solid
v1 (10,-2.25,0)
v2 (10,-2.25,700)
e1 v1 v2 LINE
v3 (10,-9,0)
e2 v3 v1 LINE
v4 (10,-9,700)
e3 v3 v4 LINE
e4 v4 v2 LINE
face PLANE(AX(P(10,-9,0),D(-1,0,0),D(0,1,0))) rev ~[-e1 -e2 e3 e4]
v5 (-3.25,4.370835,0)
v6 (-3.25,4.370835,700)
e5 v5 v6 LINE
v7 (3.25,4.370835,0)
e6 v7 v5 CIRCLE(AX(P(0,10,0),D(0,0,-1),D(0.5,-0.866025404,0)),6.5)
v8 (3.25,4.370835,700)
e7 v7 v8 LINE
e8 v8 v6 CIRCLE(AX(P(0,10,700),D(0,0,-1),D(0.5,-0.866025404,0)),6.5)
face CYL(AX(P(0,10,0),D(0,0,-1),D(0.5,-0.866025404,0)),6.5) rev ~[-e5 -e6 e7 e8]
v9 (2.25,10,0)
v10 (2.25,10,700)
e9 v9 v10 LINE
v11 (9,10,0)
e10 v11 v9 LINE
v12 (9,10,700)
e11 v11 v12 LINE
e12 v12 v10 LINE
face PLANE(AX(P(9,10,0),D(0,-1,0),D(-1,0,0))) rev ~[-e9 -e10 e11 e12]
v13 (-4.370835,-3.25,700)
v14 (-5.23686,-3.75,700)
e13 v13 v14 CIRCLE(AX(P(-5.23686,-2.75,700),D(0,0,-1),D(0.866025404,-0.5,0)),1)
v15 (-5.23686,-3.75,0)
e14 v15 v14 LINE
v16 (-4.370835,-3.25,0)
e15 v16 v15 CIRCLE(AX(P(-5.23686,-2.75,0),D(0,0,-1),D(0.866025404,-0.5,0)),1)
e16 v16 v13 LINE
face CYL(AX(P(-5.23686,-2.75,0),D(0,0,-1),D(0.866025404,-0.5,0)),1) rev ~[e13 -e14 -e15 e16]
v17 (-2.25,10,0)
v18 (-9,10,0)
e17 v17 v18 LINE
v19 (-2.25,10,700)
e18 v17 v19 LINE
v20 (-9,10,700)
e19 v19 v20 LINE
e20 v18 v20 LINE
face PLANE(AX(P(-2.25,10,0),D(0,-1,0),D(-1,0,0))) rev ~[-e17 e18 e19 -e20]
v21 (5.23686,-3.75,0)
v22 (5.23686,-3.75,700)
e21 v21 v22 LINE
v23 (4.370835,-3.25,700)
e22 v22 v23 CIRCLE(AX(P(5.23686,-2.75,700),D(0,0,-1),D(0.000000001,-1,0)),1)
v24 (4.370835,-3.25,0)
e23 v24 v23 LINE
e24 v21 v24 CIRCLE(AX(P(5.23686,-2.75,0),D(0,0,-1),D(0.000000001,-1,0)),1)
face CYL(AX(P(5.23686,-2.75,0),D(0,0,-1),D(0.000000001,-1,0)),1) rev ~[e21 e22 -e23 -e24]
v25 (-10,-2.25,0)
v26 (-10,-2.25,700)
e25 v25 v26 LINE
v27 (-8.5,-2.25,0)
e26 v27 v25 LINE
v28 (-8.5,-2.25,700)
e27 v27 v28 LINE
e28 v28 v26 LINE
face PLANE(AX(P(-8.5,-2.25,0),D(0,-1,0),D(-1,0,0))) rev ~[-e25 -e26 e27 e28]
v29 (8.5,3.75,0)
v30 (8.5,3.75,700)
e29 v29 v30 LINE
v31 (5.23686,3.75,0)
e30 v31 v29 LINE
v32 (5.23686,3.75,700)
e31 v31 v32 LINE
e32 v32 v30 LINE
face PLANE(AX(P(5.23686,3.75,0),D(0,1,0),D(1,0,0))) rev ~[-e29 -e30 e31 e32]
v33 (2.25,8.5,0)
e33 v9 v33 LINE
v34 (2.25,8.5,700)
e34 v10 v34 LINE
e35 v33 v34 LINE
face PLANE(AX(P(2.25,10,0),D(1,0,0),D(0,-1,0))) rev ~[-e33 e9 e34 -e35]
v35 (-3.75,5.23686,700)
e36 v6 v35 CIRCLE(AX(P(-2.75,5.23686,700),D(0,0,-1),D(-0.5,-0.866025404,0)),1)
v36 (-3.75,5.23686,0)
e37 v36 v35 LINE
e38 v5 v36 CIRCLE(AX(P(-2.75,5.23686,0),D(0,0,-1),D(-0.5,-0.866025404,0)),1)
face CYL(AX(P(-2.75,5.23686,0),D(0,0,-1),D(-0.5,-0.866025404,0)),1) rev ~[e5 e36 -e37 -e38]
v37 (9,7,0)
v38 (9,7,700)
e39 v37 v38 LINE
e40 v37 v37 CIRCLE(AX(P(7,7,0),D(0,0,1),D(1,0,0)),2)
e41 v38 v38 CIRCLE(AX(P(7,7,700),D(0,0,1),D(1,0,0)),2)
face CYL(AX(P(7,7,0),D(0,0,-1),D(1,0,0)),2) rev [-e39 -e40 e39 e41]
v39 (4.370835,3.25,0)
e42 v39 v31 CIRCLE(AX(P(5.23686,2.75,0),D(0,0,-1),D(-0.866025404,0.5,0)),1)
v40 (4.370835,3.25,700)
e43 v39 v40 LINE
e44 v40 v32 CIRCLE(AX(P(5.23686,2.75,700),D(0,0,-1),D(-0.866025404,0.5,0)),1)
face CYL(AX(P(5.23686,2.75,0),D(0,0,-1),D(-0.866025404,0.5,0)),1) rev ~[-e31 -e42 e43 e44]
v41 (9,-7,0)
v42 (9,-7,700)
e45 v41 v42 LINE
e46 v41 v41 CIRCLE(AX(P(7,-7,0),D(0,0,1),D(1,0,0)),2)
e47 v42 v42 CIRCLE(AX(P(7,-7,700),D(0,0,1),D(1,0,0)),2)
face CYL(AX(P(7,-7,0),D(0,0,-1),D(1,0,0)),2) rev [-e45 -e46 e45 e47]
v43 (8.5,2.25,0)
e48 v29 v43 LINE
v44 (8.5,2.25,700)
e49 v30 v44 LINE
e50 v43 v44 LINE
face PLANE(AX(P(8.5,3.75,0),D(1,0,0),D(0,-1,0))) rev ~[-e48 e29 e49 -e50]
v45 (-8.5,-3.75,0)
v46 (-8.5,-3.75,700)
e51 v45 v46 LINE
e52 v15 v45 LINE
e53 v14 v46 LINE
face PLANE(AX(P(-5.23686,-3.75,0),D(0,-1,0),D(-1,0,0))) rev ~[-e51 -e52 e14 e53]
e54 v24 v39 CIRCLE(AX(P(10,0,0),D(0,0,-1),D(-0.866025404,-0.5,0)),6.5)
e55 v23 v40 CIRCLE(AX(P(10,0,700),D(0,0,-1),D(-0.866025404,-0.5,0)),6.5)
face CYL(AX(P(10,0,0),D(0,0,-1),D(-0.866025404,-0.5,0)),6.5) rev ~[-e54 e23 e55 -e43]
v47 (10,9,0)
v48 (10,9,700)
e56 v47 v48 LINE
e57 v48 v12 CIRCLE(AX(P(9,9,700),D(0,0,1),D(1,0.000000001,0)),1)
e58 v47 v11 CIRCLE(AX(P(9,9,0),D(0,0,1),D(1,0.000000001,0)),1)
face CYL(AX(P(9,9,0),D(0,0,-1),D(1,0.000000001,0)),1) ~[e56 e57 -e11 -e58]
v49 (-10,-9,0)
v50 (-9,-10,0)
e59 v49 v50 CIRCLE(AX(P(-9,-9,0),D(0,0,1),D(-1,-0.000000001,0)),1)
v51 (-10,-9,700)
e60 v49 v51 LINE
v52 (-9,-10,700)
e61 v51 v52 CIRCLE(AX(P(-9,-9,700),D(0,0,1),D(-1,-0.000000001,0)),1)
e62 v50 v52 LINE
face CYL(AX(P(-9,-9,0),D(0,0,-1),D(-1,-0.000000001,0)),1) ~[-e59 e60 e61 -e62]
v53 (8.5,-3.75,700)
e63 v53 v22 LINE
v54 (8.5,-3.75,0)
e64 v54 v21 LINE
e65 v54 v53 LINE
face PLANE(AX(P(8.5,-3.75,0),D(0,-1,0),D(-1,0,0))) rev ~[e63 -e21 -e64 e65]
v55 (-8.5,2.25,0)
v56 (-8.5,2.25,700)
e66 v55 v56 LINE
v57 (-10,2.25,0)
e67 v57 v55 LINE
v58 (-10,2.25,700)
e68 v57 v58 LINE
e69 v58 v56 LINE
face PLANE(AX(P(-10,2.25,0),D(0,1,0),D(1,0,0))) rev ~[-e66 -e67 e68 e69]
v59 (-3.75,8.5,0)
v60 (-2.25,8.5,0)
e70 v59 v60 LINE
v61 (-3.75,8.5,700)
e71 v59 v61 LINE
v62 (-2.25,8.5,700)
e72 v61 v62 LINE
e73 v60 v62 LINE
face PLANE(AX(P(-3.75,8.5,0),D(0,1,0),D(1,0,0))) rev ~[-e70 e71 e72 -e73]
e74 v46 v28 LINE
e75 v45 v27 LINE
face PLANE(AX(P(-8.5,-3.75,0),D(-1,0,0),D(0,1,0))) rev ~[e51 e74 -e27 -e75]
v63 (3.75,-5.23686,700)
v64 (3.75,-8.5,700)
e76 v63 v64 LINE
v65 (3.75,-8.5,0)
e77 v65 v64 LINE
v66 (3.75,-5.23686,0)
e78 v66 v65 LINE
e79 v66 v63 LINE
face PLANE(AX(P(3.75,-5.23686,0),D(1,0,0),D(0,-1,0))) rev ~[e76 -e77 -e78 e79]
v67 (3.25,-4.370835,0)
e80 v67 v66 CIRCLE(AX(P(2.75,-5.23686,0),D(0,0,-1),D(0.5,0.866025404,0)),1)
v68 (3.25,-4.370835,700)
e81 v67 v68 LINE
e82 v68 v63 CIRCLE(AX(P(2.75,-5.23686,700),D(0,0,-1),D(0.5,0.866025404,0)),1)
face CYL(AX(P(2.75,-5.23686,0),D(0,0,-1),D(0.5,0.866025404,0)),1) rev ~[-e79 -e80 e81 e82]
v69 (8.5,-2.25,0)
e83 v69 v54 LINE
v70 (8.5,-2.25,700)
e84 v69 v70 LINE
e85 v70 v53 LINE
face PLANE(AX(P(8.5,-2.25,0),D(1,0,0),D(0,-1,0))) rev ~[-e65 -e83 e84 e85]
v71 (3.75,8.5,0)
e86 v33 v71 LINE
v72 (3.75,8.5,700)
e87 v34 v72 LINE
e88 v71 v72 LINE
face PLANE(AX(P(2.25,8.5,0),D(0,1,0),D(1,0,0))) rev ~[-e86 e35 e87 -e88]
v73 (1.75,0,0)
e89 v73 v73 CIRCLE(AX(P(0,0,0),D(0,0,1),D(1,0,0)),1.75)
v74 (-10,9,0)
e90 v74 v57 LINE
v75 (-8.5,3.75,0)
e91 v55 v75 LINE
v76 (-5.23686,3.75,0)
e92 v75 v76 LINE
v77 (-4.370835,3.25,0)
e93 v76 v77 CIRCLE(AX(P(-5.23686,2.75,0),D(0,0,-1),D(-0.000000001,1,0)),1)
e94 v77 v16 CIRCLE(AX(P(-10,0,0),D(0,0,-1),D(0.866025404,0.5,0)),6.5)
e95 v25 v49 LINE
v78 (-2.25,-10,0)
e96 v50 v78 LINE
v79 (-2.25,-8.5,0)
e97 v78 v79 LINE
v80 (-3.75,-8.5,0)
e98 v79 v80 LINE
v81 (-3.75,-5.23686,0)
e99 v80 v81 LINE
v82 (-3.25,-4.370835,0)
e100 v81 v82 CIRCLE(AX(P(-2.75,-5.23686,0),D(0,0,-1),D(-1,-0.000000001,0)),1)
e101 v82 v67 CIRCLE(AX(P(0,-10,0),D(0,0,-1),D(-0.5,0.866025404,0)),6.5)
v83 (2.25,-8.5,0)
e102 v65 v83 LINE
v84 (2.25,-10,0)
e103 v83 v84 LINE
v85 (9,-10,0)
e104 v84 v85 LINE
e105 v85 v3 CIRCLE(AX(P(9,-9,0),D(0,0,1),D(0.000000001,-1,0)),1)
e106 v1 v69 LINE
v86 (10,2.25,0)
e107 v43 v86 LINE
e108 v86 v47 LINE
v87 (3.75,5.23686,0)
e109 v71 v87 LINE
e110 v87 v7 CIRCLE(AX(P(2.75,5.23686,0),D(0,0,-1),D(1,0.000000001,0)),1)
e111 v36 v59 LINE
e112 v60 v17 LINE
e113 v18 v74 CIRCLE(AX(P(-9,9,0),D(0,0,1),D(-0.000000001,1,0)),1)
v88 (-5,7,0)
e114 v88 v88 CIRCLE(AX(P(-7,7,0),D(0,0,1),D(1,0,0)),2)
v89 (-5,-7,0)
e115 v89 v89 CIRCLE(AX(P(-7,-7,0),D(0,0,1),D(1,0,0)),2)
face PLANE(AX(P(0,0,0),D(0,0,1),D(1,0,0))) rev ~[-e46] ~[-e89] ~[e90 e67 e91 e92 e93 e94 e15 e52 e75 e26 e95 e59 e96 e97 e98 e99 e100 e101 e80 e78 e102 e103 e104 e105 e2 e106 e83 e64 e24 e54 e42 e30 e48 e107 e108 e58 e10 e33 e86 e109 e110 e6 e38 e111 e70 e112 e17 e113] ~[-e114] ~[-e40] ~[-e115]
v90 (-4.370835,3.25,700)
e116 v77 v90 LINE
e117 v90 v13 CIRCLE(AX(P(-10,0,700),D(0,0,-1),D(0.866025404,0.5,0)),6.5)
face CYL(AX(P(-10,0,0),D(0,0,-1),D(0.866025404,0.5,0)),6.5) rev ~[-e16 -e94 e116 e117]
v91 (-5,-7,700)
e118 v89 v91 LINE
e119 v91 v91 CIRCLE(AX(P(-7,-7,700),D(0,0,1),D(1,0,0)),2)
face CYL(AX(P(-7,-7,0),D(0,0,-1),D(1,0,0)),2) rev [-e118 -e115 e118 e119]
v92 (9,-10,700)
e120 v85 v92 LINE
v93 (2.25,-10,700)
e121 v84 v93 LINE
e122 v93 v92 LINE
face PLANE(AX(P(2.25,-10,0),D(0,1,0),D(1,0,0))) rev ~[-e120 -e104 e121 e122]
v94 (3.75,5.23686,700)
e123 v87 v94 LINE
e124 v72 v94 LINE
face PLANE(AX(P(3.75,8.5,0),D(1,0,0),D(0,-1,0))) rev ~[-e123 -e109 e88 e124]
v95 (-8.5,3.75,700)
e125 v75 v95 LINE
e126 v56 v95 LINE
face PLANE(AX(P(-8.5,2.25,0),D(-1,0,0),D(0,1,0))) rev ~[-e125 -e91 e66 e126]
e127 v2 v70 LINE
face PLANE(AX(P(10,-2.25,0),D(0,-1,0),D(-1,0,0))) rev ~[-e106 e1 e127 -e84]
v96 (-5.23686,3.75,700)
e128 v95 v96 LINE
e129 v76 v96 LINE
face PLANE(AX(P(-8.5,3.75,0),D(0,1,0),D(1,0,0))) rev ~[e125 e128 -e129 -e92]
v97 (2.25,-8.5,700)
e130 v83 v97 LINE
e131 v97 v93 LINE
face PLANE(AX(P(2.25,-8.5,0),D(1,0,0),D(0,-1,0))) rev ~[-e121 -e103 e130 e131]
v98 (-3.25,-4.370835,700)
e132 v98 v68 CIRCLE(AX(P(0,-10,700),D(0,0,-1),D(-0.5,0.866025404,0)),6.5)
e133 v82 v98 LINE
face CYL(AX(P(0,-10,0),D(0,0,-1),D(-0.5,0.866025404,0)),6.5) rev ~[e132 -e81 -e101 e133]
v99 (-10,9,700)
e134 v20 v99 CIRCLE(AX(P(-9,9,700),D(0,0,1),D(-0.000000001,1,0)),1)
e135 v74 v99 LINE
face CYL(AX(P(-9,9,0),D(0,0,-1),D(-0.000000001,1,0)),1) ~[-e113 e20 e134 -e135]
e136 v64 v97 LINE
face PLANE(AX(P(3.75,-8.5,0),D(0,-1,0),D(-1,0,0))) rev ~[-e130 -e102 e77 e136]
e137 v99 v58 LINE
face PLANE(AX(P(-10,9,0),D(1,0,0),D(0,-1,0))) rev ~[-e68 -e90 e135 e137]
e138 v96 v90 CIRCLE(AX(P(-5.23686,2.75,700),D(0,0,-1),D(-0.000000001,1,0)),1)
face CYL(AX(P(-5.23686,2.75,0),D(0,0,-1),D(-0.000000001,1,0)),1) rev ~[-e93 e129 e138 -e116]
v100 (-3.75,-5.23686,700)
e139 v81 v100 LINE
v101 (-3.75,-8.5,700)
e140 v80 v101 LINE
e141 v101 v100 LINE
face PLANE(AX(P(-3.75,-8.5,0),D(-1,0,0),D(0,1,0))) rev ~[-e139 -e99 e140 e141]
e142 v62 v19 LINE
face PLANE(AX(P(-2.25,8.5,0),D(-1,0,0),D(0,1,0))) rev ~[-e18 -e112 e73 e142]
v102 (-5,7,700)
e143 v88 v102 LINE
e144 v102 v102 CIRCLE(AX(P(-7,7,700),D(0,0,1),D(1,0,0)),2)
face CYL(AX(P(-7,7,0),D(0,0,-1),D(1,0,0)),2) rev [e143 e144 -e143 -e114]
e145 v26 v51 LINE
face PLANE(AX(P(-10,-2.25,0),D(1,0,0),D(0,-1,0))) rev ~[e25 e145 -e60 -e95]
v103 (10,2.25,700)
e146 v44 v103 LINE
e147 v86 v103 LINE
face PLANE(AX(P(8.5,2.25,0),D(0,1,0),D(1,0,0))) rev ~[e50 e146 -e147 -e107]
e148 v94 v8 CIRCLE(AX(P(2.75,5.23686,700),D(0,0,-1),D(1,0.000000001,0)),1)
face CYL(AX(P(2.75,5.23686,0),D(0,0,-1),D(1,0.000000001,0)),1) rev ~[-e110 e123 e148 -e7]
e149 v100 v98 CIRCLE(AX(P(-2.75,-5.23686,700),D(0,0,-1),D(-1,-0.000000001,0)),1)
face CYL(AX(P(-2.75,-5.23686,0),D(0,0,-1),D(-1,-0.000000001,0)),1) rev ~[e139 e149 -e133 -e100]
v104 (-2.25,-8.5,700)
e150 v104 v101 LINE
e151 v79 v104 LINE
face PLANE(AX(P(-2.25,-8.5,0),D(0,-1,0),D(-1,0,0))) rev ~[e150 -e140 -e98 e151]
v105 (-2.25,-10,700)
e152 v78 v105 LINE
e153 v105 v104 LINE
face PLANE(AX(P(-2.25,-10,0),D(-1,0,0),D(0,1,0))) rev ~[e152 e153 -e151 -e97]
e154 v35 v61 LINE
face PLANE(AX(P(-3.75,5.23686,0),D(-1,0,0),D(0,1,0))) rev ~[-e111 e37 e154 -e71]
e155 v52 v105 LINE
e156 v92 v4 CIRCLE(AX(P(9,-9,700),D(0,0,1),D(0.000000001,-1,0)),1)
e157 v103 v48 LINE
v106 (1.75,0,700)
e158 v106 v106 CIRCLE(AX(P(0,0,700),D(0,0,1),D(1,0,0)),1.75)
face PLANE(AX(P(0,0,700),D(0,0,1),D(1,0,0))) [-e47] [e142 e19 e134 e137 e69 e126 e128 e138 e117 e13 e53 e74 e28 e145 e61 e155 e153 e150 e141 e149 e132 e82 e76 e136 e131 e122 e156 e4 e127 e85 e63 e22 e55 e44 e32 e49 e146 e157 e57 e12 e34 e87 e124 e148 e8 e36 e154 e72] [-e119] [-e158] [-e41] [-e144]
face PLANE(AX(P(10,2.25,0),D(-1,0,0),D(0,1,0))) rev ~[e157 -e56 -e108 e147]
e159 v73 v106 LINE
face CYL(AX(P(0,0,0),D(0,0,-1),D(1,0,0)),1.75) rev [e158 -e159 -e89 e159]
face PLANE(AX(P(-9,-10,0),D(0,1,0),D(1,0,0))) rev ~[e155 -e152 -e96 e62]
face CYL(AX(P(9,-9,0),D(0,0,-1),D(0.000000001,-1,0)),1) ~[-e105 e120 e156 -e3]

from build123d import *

# Parameters (mm, degrees)
SKETCH1_R           = 2
SKETCH1_R_2         = 1.75
BOSS_EXTRUDE1_DEPTH = 700


with BuildPart() as part:
    # Sketch1 → Boss-Extrude1 (new body)
    with BuildSketch(Plane.XY):
        with BuildLine():
            Line((-10, 9), (-10, 2.25))
            Line((-10, 2.25), (-8.5, 2.25))
            Line((-8.5, 2.25), (-8.5, 3.75))
            Line((-8.5, 3.75), (-5.236860279, 3.75))
            ThreePointArc((-5.236860279, 3.75), (-4.736860279, 3.616025404), (-4.370834875, 3.25))
            ThreePointArc((-4.370834875, 3.25), (-3.5, 0), (-4.370834875, -3.25))
            ThreePointArc((-4.370834875, -3.25), (-4.736860279, -3.616025404), (-5.236860279, -3.75))
            Line((-5.236860279, -3.75), (-8.5, -3.75))
            Line((-8.5, -3.75), (-8.5, -2.25))
            Line((-8.5, -2.25), (-10, -2.25))
            Line((-10, -2.25), (-10, -9))
            ThreePointArc((-10, -9), (-9.707106781, -9.707106781), (-9, -10))
            Line((-9, -10), (-2.25, -10))
            Line((-2.25, -10), (-2.25, -8.5))
            Line((-2.25, -8.5), (-3.75, -8.5))
            Line((-3.75, -8.5), (-3.75, -5.236860279))
            ThreePointArc((-3.75, -5.236860279), (-3.616025404, -4.736860279), (-3.25, -4.370834875))
            ThreePointArc((-3.25, -4.370834875), (0, -3.5), (3.25, -4.370834875))
            ThreePointArc((3.25, -4.370834875), (3.616025404, -4.736860279), (3.75, -5.236860279))
            Line((3.75, -5.236860279), (3.75, -8.5))
            Line((3.75, -8.5), (2.25, -8.5))
            Line((2.25, -8.5), (2.25, -10))
            Line((2.25, -10), (9, -10))
            ThreePointArc((9, -10), (9.707106781, -9.707106781), (10, -9))
            Line((10, -9), (10, -2.25))
            Line((10, -2.25), (8.5, -2.25))
            Line((8.5, -2.25), (8.5, -3.75))
            Line((8.5, -3.75), (5.236860279, -3.75))
            ThreePointArc((5.236860279, -3.75), (4.736860279, -3.616025404), (4.370834875, -3.25))
            ThreePointArc((4.370834875, -3.25), (3.5, 0), (4.370834875, 3.25))
            ThreePointArc((4.370834875, 3.25), (4.736860279, 3.616025404), (5.236860279, 3.75))
            Line((5.236860279, 3.75), (8.5, 3.75))
            Line((8.5, 3.75), (8.5, 2.25))
            Line((8.5, 2.25), (10, 2.25))
            Line((10, 2.25), (10, 9))
            ThreePointArc((10, 9), (9.707106781, 9.707106781), (9, 10))
            Line((9, 10), (2.25, 10))
            Line((2.25, 10), (2.25, 8.5))
            Line((2.25, 8.5), (3.75, 8.5))
            Line((3.75, 8.5), (3.75, 5.236860279))
            ThreePointArc((3.75, 5.236860279), (3.616025404, 4.736860279), (3.25, 4.370834875))
            ThreePointArc((3.25, 4.370834875), (0, 3.5), (-3.25, 4.370834875))
            ThreePointArc((-3.25, 4.370834875), (-3.616025404, 4.736860279), (-3.75, 5.236860279))
            Line((-3.75, 5.236860279), (-3.75, 8.5))
            Line((-3.75, 8.5), (-2.25, 8.5))
            Line((-2.25, 8.5), (-2.25, 10))
            Line((-2.25, 10), (-9, 10))
            ThreePointArc((-9, 10), (-9.707106781, 9.707106781), (-10, 9))
        make_face()
        with Locations((-7, -7)):
            Circle(SKETCH1_R, mode=Mode.SUBTRACT)
        with Locations((7, -7)):
            Circle(SKETCH1_R, mode=Mode.SUBTRACT)
        with Locations((7, 7)):
            Circle(SKETCH1_R, mode=Mode.SUBTRACT)
        Circle(SKETCH1_R_2, mode=Mode.SUBTRACT)
        with Locations((-7, 7)):
            Circle(SKETCH1_R, mode=Mode.SUBTRACT)
    extrude(amount=BOSS_EXTRUDE1_DEPTH)


solid = part.part
